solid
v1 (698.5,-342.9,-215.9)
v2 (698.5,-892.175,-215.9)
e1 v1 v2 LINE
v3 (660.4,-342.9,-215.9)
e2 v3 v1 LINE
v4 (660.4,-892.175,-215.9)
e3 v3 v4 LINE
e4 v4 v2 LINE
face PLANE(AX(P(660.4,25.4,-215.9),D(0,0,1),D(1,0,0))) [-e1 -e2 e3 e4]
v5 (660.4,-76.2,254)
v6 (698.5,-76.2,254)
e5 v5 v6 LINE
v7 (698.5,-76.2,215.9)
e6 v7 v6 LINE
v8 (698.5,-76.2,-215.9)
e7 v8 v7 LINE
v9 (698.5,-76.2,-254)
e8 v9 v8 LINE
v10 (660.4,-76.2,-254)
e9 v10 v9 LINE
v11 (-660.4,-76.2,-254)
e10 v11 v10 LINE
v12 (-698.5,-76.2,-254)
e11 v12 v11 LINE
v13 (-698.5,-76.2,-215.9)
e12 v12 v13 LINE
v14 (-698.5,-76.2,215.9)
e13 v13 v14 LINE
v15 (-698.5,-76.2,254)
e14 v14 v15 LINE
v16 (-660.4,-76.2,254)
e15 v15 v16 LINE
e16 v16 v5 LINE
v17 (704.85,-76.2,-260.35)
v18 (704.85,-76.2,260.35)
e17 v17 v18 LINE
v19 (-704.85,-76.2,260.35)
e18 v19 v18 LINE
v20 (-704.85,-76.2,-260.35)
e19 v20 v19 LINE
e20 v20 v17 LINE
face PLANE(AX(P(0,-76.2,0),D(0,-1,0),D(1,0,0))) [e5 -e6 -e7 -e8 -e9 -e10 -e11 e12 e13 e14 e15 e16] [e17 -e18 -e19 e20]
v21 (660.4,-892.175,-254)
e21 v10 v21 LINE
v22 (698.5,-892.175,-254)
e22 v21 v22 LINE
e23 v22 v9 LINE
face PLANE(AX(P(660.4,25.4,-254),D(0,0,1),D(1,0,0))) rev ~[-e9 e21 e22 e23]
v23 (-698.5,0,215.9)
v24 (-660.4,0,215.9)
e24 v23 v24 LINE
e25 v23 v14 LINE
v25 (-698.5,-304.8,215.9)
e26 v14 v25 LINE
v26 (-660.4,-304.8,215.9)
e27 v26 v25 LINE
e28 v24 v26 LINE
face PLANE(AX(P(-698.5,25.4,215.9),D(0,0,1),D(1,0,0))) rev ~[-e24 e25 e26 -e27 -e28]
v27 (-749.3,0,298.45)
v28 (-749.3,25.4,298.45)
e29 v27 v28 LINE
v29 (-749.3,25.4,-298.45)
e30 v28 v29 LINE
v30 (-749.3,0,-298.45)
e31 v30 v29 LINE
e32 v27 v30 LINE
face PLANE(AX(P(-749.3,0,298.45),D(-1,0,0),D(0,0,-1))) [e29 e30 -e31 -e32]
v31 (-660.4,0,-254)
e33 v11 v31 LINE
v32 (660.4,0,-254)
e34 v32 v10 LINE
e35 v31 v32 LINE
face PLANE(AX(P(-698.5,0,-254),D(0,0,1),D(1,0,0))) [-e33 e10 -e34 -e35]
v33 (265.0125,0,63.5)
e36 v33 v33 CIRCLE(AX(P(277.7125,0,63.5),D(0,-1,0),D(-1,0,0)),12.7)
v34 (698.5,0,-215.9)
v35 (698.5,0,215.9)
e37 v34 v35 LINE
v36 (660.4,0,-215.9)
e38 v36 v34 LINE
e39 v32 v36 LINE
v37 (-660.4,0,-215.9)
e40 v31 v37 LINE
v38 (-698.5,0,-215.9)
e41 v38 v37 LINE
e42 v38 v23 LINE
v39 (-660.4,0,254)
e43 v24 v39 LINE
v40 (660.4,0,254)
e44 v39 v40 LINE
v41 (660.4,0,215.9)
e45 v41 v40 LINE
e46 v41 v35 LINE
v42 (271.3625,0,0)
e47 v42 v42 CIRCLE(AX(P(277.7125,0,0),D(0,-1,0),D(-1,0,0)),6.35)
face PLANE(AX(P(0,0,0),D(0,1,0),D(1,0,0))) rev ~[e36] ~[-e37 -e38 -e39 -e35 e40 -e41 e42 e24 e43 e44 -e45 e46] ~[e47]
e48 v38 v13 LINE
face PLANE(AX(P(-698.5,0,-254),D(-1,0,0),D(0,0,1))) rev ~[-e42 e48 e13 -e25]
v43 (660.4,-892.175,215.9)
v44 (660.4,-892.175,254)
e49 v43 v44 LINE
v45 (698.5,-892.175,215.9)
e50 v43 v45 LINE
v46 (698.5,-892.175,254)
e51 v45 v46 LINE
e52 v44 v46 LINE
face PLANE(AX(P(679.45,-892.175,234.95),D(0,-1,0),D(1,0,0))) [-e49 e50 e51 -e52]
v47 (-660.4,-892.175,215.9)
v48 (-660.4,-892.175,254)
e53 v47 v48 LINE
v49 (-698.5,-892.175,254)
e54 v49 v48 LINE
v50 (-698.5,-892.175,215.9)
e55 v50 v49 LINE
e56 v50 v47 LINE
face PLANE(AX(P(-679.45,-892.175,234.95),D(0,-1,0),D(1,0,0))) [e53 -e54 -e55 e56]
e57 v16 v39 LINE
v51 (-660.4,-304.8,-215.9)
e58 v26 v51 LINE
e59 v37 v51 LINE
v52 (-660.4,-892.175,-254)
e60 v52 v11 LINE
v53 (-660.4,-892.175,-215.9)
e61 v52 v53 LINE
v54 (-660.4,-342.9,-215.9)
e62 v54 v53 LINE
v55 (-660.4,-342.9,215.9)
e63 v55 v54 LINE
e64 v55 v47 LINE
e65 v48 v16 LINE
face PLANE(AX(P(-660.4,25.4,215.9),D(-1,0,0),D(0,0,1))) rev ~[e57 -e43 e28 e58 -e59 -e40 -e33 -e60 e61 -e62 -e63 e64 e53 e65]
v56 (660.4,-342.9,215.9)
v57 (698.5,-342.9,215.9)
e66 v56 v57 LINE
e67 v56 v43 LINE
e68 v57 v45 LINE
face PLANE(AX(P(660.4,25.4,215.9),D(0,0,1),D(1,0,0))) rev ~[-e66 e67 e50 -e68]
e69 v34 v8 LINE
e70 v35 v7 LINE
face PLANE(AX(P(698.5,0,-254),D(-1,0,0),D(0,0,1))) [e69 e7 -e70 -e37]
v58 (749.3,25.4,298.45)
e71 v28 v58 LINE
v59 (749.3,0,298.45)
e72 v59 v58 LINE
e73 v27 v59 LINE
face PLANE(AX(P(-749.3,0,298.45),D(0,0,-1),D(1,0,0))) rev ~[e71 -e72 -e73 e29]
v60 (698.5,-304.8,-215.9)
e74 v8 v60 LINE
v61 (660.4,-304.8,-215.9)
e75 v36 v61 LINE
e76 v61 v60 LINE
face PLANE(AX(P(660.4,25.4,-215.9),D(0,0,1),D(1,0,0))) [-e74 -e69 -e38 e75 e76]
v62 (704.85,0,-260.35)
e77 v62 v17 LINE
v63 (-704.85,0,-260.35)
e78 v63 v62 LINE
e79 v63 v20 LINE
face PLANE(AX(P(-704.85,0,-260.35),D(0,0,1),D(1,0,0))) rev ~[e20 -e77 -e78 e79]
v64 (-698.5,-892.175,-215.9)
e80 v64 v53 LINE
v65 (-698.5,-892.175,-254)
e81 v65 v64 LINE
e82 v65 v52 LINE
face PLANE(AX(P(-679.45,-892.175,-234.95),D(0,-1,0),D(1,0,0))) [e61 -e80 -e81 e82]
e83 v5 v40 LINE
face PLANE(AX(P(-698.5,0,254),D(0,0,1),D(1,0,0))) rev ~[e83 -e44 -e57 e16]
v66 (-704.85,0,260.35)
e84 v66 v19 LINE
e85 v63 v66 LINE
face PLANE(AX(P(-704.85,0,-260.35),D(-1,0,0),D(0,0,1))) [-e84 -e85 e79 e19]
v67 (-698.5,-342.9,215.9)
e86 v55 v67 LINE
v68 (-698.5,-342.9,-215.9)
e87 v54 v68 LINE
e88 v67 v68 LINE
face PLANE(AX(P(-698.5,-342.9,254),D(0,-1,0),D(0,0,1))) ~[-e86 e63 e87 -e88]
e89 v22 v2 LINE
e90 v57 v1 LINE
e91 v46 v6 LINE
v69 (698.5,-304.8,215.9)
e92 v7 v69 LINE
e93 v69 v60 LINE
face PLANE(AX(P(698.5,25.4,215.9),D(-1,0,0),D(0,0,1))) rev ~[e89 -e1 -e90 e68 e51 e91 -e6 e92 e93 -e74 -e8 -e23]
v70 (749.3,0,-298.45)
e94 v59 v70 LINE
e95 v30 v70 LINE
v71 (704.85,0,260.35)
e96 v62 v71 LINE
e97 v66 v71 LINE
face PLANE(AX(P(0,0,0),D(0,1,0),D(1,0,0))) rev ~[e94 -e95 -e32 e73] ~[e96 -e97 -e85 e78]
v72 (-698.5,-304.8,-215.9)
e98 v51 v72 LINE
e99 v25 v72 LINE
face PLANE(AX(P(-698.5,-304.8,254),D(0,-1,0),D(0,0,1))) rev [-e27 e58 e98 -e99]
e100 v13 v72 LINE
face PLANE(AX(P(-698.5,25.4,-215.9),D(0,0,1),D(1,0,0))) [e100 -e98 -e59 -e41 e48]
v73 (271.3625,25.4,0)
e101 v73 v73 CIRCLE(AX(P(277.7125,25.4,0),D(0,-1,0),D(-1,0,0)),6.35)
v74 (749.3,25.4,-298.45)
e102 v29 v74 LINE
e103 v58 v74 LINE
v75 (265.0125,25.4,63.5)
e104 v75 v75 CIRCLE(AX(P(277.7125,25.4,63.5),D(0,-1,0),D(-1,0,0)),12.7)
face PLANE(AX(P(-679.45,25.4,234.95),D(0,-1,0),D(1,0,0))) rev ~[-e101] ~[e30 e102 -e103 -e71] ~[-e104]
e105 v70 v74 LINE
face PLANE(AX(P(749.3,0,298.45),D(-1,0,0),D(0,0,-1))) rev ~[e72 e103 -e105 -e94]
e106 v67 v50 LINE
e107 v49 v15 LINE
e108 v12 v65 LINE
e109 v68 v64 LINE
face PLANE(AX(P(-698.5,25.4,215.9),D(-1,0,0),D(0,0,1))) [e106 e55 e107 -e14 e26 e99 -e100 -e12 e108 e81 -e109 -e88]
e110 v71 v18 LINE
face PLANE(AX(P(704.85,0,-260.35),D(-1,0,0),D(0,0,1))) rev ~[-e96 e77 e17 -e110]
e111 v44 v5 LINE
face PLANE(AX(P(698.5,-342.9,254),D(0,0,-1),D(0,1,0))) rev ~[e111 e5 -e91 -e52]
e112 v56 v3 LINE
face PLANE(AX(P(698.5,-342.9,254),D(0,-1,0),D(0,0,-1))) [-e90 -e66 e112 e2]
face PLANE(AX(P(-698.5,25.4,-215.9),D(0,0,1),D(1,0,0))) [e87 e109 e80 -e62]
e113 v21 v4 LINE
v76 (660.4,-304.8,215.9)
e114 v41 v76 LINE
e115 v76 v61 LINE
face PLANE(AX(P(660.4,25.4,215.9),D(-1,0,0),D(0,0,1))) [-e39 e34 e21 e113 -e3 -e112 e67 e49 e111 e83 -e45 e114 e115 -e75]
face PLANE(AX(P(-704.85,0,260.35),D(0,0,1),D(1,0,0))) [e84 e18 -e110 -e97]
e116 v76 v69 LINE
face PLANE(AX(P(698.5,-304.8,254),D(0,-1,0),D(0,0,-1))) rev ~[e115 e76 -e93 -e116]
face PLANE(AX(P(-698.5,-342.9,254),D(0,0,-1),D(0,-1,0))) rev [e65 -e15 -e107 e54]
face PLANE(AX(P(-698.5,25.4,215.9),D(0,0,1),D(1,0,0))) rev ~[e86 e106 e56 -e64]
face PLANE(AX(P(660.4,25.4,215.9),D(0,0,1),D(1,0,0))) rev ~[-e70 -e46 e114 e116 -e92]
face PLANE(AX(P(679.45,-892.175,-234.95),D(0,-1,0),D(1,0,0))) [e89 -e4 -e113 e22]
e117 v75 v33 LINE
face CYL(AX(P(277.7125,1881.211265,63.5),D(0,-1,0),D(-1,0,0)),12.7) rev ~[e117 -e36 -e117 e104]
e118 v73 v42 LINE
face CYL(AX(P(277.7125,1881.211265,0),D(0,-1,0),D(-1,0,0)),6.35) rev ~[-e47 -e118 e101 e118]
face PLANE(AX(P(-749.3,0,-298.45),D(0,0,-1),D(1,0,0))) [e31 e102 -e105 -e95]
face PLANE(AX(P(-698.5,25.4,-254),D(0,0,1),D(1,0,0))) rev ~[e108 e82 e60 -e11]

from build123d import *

# Parameters (mm, degrees)
SKETCH1_W                  = 1498.6
SKETCH1_H                  = 596.9
BOSS_EXTRUDE1_DEPTH        = 25.4
SKETCH3_W                  = 38.1
SKETCH3_H                  = 38.1
BOSS_EXTRUDE2_DEPTH        = 917.575
SKETCH4_W                  = 508
SKETCH4_H                  = 38.1
BOSS_EXTRUDE3_DEPTH        = 38.1
F_1_2_0_5_DIAMETER_HOLE1_D = 12.7
SKETCH9_W                  = 1409.7
SKETCH9_H                  = 520.7
SKETCH9_W_2                = 1397
SKETCH9_H_2                = 508
BOSS_EXTRUDE4_DEPTH        = 76.2
F_1_1_DIAMETER_HOLE3_D     = 25.4


with BuildPart() as part:
    # Sketch1 → Boss-Extrude1 (new body)
    with BuildSketch(Plane(origin=(0, 0, 0), x_dir=(1, 0, 0), z_dir=(0, 1, 0))):
        Rectangle(SKETCH1_W, SKETCH1_H)
    extrude(amount=BOSS_EXTRUDE1_DEPTH)

    # Sketch3 → Boss-Extrude2 (add)
    with BuildSketch(Plane.XZ.offset(-25.4)):
        with Locations((-679.45, 234.95)):
            Rectangle(SKETCH3_W, SKETCH3_H)
        with Locations((679.45, 234.95)):
            Rectangle(SKETCH3_W, SKETCH3_H)
        with Locations((679.45, -234.95)):
            Rectangle(SKETCH3_W, SKETCH3_H)
        with Locations((-679.45, -234.95)):
            Rectangle(SKETCH3_W, SKETCH3_H)
    extrude(amount=BOSS_EXTRUDE2_DEPTH)

    # Sketch4 → Boss-Extrude3 (add)
    with BuildSketch(Plane(origin=(698.5, 0, 0), x_dir=(0, 0, -1), z_dir=(1, 0, 0))):
        with Locations((0, -323.85)):
            Rectangle(SKETCH4_W, SKETCH4_H)
    boss_extrude3 = extrude(amount=-BOSS_EXTRUDE3_DEPTH)

    # Mirror1: Boss-Extrude3 across plane
    add(boss_extrude3.mirror(Plane(origin=(0, 0, 0), x_dir=(0, 0, 1), z_dir=(1, 0, 0))))

    # 1/2 (0.5) Diameter Hole1 (through all)
    with Locations(Plane(origin=(0, 25.4, 0), x_dir=(1, 0, 0), z_dir=(0, 1, 0))):
        with Locations((277.712499946, 0)):
            Hole(F_1_2_0_5_DIAMETER_HOLE1_D / 2)

    # Sketch9 → Boss-Extrude4 (add)
    with BuildSketch(Plane.XZ):
        Rectangle(SKETCH9_W, SKETCH9_H)
        Rectangle(SKETCH9_W_2, SKETCH9_H_2, mode=Mode.SUBTRACT)
    extrude(amount=BOSS_EXTRUDE4_DEPTH)

    # 1 (1) Diameter Hole3 (through all)
    with Locations(Plane(origin=(0, 25.4, 0), x_dir=(1, 0, 0), z_dir=(0, 1, 0))):
        with Locations((277.712499946, -63.5)):
            Hole(F_1_1_DIAMETER_HOLE3_D / 2)


solid = part.part
